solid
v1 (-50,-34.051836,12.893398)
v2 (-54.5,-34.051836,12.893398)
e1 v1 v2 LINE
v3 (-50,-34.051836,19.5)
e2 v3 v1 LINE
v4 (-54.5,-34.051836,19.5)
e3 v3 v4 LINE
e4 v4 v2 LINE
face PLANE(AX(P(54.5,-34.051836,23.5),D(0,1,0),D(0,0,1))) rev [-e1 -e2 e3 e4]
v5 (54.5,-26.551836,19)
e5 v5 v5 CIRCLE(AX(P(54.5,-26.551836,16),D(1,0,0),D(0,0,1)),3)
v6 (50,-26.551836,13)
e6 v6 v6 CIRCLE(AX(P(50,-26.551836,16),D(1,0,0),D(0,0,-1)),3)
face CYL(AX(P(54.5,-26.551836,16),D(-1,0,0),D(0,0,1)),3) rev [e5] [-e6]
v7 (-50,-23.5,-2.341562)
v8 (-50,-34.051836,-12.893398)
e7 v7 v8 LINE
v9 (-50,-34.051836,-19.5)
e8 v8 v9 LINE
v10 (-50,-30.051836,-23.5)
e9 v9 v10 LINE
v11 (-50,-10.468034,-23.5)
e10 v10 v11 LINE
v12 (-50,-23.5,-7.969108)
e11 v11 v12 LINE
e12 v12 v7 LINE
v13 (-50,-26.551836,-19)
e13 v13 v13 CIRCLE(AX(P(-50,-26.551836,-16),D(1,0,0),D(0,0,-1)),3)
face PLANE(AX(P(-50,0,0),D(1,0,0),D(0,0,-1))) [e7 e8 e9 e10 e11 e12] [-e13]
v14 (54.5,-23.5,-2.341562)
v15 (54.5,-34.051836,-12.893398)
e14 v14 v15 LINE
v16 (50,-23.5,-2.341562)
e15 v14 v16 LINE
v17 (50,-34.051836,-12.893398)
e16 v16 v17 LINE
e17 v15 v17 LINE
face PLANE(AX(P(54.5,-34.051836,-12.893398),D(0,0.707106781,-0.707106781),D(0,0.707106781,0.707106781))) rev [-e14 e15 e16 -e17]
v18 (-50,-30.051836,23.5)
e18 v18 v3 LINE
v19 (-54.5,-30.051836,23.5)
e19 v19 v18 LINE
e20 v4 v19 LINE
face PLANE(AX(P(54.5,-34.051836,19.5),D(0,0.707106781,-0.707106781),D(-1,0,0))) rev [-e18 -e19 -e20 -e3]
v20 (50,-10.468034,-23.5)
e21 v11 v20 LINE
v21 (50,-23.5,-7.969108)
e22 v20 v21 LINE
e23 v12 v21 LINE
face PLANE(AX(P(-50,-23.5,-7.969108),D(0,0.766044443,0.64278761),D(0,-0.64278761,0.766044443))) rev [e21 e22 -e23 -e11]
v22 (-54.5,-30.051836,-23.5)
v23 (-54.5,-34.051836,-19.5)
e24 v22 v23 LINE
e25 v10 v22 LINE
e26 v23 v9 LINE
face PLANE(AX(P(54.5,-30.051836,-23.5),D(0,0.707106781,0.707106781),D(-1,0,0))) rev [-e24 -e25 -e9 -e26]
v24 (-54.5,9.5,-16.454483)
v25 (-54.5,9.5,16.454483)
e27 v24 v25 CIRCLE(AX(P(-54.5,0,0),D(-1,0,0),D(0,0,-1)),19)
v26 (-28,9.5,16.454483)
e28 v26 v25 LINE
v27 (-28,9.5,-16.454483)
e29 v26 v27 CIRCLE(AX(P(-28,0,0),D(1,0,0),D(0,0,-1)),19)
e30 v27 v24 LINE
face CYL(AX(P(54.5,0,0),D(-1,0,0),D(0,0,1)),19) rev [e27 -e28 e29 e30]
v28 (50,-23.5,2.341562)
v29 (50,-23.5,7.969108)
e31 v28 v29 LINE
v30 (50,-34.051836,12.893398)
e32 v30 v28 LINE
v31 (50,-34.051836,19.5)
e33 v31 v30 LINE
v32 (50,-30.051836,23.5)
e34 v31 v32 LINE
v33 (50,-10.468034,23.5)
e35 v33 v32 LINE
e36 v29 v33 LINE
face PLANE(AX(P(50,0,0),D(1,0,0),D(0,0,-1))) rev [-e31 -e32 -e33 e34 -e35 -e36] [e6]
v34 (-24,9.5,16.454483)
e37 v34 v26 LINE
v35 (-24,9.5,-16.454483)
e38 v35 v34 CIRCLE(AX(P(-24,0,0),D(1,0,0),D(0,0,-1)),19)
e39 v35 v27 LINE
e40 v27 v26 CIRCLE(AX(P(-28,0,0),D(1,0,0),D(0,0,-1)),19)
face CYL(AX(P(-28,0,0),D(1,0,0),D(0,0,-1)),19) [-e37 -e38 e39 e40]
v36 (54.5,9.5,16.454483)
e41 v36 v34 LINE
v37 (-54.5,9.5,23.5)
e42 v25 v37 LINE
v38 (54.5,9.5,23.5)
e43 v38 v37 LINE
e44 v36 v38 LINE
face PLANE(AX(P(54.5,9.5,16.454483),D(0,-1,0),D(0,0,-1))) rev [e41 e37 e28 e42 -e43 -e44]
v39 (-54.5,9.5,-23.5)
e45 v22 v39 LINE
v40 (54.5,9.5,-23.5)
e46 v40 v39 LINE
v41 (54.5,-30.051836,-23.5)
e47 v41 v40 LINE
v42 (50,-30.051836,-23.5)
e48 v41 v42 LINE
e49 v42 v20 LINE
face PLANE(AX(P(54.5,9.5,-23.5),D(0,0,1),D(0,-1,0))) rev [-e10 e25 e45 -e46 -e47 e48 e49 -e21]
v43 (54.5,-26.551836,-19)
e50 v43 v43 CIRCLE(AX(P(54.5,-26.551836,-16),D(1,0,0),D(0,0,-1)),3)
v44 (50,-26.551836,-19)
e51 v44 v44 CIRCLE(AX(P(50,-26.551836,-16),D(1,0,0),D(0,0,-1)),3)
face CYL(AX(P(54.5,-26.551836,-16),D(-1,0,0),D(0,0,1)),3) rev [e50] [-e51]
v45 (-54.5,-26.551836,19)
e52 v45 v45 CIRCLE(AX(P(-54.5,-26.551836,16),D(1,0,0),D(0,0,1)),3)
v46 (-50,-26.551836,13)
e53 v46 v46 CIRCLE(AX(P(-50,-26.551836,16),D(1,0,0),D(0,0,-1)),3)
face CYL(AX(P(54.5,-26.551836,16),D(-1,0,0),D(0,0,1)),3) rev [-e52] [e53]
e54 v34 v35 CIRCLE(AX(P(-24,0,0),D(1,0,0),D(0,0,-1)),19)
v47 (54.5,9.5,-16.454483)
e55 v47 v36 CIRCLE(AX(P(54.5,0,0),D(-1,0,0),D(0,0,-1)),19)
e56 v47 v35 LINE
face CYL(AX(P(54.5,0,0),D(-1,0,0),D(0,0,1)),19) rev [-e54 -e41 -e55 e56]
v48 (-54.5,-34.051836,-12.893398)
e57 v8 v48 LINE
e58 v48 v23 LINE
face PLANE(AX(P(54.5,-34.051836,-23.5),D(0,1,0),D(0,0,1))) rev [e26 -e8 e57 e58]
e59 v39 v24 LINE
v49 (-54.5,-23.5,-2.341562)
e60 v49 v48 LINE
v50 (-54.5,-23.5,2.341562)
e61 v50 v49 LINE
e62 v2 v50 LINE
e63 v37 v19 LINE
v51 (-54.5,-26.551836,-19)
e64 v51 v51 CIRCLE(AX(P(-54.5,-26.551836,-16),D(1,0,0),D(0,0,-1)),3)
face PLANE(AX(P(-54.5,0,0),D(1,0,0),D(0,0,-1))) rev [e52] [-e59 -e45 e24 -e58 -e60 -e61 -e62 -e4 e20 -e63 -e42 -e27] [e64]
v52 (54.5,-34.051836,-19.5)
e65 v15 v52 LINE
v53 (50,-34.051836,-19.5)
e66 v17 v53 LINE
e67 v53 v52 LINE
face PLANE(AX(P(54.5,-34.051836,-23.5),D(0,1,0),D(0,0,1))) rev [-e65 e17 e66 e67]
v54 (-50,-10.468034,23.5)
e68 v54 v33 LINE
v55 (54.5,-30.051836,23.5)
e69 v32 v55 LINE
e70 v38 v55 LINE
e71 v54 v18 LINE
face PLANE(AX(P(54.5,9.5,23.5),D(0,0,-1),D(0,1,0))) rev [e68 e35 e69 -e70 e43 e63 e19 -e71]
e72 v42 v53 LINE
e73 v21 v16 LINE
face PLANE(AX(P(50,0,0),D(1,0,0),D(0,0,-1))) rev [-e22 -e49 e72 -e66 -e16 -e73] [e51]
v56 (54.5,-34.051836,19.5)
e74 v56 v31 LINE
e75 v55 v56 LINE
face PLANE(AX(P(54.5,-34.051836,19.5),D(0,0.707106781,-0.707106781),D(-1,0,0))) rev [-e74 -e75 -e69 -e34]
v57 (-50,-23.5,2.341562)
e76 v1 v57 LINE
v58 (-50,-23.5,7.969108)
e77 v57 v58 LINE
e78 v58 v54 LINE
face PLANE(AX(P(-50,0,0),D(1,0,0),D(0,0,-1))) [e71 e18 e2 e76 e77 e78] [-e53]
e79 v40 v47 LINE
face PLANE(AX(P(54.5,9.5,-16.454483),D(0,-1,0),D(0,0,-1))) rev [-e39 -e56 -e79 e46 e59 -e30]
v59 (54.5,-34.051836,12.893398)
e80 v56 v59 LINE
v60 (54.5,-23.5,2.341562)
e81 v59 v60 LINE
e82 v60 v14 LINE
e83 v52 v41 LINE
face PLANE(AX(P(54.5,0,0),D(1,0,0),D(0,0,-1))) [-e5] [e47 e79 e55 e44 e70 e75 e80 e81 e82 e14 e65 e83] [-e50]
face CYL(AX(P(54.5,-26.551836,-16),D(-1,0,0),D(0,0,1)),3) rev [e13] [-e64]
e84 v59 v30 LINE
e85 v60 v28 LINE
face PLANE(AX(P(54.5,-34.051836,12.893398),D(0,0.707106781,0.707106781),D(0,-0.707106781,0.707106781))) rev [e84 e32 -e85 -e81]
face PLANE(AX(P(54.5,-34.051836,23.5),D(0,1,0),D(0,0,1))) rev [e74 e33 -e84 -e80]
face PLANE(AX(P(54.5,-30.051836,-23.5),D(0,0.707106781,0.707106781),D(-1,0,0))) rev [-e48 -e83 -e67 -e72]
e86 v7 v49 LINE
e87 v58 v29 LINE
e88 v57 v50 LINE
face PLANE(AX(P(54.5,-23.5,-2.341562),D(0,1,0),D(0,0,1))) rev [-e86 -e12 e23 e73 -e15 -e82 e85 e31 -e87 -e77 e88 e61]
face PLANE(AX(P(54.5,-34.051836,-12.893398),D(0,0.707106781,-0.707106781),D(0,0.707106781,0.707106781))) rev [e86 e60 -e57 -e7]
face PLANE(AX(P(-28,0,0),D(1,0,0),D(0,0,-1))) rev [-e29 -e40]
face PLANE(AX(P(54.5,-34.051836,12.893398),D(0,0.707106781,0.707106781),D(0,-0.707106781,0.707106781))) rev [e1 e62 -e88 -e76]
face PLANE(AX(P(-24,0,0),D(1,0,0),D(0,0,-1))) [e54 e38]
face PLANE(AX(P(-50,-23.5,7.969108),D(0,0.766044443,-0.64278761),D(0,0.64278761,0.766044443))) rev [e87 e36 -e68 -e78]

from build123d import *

# Parameters (mm, degrees)
BOSS_EXTRUDE1_START = -24
SKETCH4_R           = 19
BOSS_EXTRUDE1_DEPTH = 4
SKETCH5_R           = 3
BOSS_EXTRUDE2_DEPTH = 54.5
CUT_EXTRUDE1_DEPTH  = 50
CHAMFER1_SIZE       = 4


with BuildPart() as part:
    # Sketch4 → Boss-Extrude1 (new body)
    with BuildSketch(Plane(origin=(0, 0, 0), x_dir=(0, 0, -1), z_dir=(1, 0, 0)).offset(BOSS_EXTRUDE1_START)):
        Circle(SKETCH4_R)
    extrude(amount=-BOSS_EXTRUDE1_DEPTH)

    # Sketch5 → Boss-Extrude2 (add, symmetric)
    with BuildSketch(Plane(origin=(0, 0, 0), x_dir=(0, 0, -1), z_dir=(1, 0, 0))):
        with BuildLine():
            Line((16.454482672, 9.5), (23.5, 9.5))
            Line((23.5, 9.5), (23.5, -34.051836095))
            Line((23.5, -34.051836095), (12.893398282, -34.051836095))
            Line((12.893398282, -34.051836095), (2.341562187, -23.5))
            Line((2.341562187, -23.5), (-2.341562187, -23.5))
            Line((-2.341562187, -23.5), (-12.893398282, -34.051836095))
            Line((-12.893398282, -34.051836095), (-23.5, -34.051836095))
            Line((-23.5, -34.051836095), (-23.5, 9.5))
            Line((-23.5, 9.5), (-16.454482672, 9.5))
            ThreePointArc((-16.454482672, 9.5), (0, -19), (16.454482672, 9.5))
        make_face()
        with Locations((16, -26.551836095)):
            Circle(SKETCH5_R, mode=Mode.SUBTRACT)
        with Locations(Location((-16, -26.551836095, 0), (0, 0, 180))):
            Circle(SKETCH5_R, mode=Mode.SUBTRACT)
    extrude(amount=BOSS_EXTRUDE2_DEPTH, both=True)

    # Sketch6 → Cut-Extrude1 (cut, symmetric)
    with BuildSketch(Plane(origin=(0, 0, 0), x_dir=(0, 0, -1), z_dir=(1, 0, 0))):
        Polygon((2.341562187, -23.5), (7.969107928, -23.5), (23.5, -10.468034191), (23.5, -34.051836095), (-23.5, -34.051836095), (-23.5, -10.468034191), (-7.969107928, -23.5), (-2.341562187, -23.5), align=None)
    extrude(amount=CUT_EXTRUDE1_DEPTH, both=True, mode=Mode.SUBTRACT)

    # Chamfer1
    chamfer1_edges = [part.edges().sort_by_distance(p)[0] for p in [
        (52.25, -34.051836095, 23.5),
        (52.25, -34.051836095, -23.5),
        (-52.25, -34.051836095, -23.5),
        (-52.25, -34.051836095, 23.5),
    ]]
    chamfer(chamfer1_edges, length=CHAMFER1_SIZE)


solid = part.part
